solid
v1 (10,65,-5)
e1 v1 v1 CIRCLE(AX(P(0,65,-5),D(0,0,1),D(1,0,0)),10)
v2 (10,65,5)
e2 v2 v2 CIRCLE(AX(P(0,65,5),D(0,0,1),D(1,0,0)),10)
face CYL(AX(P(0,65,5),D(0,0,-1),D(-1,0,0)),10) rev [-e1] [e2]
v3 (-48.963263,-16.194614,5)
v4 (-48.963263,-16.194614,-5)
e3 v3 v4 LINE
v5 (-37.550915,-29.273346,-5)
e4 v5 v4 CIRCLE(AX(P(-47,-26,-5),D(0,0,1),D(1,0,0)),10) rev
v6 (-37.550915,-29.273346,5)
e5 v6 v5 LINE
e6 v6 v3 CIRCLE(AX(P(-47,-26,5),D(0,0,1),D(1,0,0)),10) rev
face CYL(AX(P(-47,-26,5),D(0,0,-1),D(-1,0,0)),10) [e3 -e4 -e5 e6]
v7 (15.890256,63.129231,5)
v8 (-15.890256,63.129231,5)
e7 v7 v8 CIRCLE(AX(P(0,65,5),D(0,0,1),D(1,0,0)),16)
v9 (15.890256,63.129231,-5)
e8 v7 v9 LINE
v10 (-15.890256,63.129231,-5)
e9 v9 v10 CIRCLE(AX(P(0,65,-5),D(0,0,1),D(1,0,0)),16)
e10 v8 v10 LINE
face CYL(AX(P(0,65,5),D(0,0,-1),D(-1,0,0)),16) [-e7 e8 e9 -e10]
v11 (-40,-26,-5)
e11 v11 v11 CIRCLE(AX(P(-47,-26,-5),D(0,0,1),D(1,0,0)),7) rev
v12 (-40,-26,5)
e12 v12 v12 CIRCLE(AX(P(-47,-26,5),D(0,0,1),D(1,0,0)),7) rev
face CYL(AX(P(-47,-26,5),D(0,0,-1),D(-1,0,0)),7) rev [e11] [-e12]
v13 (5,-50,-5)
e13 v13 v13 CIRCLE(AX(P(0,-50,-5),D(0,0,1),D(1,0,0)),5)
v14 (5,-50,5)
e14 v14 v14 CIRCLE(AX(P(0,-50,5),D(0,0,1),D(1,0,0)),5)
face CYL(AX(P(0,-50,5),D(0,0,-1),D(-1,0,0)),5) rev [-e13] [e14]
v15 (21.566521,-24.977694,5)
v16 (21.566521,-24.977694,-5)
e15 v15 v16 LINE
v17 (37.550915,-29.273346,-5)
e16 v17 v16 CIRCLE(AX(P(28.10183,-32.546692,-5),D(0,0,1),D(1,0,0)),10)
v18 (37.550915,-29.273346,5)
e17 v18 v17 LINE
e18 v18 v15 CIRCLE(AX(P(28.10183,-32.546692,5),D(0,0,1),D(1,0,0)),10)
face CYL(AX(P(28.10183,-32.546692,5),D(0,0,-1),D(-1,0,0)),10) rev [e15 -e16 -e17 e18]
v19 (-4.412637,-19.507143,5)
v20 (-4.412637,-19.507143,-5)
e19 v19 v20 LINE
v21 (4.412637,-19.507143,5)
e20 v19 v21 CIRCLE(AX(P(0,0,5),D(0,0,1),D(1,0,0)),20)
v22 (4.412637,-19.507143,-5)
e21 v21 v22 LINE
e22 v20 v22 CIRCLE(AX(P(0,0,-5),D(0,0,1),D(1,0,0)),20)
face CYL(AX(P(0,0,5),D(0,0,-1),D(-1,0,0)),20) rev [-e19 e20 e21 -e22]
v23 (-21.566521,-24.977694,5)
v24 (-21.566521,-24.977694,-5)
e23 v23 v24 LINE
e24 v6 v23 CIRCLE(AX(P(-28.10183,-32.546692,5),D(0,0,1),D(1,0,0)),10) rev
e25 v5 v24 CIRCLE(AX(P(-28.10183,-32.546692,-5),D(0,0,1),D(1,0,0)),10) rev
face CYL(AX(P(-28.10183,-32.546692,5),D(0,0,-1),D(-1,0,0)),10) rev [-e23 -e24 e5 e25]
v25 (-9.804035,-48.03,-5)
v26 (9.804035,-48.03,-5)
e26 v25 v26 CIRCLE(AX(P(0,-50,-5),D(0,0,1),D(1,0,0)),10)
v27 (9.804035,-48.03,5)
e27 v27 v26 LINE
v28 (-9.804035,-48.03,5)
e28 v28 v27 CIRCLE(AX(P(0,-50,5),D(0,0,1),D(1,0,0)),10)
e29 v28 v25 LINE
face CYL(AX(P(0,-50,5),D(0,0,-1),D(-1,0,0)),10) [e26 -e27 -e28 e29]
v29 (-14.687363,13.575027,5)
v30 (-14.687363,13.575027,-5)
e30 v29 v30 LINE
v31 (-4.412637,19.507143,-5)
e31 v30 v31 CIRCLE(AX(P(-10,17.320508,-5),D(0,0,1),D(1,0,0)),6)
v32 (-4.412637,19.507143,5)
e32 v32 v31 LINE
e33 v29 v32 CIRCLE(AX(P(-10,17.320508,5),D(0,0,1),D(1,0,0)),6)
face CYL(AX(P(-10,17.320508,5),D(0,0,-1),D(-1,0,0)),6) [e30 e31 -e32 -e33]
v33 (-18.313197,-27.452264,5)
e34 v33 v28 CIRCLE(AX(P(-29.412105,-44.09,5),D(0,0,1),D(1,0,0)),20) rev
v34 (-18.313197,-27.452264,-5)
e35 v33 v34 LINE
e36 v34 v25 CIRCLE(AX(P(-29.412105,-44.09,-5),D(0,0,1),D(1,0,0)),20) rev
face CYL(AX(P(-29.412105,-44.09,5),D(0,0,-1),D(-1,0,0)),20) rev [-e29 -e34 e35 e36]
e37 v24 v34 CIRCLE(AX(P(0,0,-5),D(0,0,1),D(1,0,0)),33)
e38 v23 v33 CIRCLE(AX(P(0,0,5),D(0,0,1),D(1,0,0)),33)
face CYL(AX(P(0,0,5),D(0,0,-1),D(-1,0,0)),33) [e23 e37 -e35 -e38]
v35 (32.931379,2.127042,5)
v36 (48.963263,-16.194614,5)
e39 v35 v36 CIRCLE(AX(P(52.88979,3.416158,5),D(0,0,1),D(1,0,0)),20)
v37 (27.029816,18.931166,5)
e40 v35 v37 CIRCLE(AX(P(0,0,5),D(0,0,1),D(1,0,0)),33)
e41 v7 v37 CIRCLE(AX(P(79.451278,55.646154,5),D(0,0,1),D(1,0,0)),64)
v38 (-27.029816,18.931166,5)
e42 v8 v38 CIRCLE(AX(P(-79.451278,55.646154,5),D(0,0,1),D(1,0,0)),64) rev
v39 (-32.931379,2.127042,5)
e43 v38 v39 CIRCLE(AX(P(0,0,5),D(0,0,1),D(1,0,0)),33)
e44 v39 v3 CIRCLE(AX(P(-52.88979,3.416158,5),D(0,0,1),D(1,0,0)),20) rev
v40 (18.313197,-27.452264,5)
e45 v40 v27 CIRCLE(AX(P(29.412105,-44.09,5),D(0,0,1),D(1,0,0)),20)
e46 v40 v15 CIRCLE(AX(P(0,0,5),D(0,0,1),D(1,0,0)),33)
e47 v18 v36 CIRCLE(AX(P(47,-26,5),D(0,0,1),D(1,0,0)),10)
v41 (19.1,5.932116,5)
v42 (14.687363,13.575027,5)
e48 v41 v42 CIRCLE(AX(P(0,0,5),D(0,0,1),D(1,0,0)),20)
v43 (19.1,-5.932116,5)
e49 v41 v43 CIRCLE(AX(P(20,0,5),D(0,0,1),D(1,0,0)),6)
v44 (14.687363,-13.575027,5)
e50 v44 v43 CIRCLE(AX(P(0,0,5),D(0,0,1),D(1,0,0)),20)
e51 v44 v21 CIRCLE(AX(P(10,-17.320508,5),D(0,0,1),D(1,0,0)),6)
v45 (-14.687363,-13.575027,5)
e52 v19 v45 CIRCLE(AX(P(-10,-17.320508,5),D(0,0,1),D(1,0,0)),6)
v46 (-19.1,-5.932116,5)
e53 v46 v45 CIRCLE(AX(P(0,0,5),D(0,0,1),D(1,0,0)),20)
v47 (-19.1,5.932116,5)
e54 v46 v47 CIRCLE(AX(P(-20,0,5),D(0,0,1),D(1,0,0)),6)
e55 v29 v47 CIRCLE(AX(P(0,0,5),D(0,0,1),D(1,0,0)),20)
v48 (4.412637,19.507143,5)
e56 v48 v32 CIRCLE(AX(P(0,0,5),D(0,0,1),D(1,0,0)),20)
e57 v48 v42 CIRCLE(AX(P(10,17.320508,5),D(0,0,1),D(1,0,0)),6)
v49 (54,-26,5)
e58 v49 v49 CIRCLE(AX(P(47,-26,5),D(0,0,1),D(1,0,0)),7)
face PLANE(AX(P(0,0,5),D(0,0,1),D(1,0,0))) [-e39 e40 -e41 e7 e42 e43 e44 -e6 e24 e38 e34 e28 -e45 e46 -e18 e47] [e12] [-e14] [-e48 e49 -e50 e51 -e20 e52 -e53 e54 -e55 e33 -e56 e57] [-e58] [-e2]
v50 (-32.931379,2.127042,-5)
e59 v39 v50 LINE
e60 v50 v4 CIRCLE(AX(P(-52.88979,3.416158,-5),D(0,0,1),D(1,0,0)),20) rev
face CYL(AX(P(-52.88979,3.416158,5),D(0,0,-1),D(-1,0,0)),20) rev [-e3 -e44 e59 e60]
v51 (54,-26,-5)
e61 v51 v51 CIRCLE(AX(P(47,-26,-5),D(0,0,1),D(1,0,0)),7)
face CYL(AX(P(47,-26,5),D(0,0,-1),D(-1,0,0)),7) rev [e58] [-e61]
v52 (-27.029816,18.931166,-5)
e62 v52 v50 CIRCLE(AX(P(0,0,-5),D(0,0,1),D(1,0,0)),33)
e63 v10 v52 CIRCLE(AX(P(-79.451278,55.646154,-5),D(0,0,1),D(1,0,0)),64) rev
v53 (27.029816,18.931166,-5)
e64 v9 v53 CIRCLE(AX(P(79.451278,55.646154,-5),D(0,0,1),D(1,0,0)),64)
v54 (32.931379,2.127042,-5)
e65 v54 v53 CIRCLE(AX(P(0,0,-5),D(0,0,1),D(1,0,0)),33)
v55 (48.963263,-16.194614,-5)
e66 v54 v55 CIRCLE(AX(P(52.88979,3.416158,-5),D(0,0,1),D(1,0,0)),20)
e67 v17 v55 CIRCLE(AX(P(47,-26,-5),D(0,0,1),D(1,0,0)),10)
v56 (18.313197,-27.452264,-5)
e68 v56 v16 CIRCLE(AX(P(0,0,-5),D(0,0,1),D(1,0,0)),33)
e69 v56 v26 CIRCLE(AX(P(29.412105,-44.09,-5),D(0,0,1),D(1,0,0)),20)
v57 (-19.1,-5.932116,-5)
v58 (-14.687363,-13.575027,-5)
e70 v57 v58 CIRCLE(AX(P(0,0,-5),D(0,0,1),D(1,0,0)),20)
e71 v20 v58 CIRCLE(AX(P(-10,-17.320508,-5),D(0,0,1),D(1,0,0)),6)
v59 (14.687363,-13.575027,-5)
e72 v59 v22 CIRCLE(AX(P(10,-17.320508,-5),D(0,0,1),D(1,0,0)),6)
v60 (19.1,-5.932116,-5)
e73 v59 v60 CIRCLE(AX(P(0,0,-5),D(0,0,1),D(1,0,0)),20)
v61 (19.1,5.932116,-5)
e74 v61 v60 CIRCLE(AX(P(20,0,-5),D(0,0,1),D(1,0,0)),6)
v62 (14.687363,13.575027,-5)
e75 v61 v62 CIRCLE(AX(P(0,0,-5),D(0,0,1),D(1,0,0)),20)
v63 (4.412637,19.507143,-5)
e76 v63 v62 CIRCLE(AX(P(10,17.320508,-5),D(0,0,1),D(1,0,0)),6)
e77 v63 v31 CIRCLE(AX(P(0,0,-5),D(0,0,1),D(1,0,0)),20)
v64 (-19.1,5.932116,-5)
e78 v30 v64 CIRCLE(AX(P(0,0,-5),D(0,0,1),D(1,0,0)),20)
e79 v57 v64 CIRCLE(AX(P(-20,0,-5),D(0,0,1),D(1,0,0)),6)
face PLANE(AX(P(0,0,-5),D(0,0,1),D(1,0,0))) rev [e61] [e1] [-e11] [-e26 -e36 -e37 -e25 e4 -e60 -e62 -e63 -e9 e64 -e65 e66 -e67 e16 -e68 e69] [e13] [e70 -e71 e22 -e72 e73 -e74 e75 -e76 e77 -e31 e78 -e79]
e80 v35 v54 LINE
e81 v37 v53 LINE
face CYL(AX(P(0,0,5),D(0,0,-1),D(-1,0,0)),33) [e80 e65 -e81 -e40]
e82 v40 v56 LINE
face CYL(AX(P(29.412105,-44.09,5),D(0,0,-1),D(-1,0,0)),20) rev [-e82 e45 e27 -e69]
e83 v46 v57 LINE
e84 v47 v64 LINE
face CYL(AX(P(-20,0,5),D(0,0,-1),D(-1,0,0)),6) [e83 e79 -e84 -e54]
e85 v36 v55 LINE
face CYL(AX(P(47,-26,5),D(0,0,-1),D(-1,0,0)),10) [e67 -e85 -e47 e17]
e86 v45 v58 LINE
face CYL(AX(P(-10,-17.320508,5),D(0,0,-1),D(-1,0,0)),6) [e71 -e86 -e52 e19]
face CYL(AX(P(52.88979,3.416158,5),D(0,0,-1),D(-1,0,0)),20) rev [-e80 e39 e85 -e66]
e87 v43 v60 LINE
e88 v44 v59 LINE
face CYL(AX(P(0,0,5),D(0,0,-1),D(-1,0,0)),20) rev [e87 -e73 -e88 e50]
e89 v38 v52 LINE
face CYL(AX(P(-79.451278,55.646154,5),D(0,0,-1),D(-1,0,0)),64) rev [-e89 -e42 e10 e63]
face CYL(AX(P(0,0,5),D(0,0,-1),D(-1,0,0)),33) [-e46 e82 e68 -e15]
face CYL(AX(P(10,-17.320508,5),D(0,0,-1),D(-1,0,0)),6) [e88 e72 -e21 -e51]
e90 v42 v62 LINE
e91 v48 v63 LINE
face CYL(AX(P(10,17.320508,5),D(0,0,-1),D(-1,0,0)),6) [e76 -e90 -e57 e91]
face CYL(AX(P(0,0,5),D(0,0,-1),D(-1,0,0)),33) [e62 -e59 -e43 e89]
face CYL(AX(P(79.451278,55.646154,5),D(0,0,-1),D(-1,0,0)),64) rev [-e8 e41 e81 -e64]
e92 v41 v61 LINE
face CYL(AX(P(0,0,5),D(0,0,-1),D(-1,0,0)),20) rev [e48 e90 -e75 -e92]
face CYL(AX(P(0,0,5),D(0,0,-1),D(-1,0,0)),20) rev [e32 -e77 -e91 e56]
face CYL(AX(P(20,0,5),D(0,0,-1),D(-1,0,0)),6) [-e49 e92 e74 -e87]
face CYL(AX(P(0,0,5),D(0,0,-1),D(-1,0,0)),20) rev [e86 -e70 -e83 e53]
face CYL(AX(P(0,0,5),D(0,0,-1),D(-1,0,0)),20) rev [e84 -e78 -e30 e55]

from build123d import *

# Parameters (mm, degrees)
SKETCH1_R           = 7
SKETCH1_R_2         = 5
SKETCH1_R_3         = 10
BOSS_EXTRUDE1_DEPTH = 5


with BuildPart() as part:
    # Sketch1 → Boss-Extrude1 (new, symmetric)
    with BuildSketch(Plane.XY):
        with BuildLine():
            ThreePointArc((27.029816197, 18.931165741), (17.392020832, 40.004906757), (15.890255583, 63.129230769))
            ThreePointArc((15.890255583, 63.129230769), (0, 81), (-15.890255583, 63.129230769))
            ThreePointArc((-15.890255583, 63.129230769), (-17.392020832, 40.004906757), (-27.029816197, 18.931165741))
            ThreePointArc((-27.029816197, 18.931165741), (-31.135684701, 10.934767406), (-32.931378534, 2.127042038))
            ThreePointArc((-32.931378534, 2.127042038), (-37.838433301, -9.754136505), (-48.963263256, -16.194613858))
            ThreePointArc((-48.963263256, -16.194613858), (-54.534765397, -32.574747935), (-37.550915036, -29.273345896))
            ThreePointArc((-37.550915036, -29.273345896), (-30.697148757, -22.889346352), (-21.566520754, -24.9776937))
            ThreePointArc((-21.566520754, -24.9776937), (-19.978209416, -26.265398313), (-18.313197236, -27.452264151))
            ThreePointArc((-18.313197236, -27.452264151), (-10.929939867, -36.447383635), (-9.804034884, -48.03))
            ThreePointArc((-9.804034884, -48.03), (0, -60), (9.804034884, -48.03))
            ThreePointArc((9.804034884, -48.03), (10.929939867, -36.447383635), (18.313197236, -27.452264151))
            ThreePointArc((18.313197236, -27.452264151), (19.978209416, -26.265398313), (21.566520754, -24.9776937))
            ThreePointArc((21.566520754, -24.9776937), (30.697148757, -22.889346352), (37.550915036, -29.273345896))
            ThreePointArc((37.550915036, -29.273345896), (54.534765397, -32.574747935), (48.963263256, -16.194613858))
            ThreePointArc((48.963263256, -16.194613858), (37.838433301, -9.754136505), (32.931378534, 2.127042038))
            ThreePointArc((32.931378534, 2.127042038), (31.135684701, 10.934767406), (27.029816197, 18.931165741))
        make_face()
        with Locations((-47, -26)):
            Circle(SKETCH1_R, mode=Mode.SUBTRACT)
        with BuildLine():
            ThreePointArc((-4.412636863, 19.507143202), (0, 20), (4.412636863, 19.507143202))
            ThreePointArc((4.412636863, 19.507143202), (7, 12.124355653), (14.687363137, 13.575027222))
            ThreePointArc((14.687363137, 13.575027222), (17.320508076, 10), (19.1, 5.93211598))
            ThreePointArc((19.1, 5.93211598), (14, 0), (19.1, -5.93211598))
            ThreePointArc((19.1, -5.93211598), (17.320508076, -10), (14.687363137, -13.575027222))
            ThreePointArc((14.687363137, -13.575027222), (7, -12.124355653), (4.412636863, -19.507143202))
            ThreePointArc((4.412636863, -19.507143202), (0, -20), (-4.412636863, -19.507143202))
            ThreePointArc((-4.412636863, -19.507143202), (-7, -12.124355653), (-14.687363137, -13.575027222))
            ThreePointArc((-14.687363137, -13.575027222), (-17.320508076, -10), (-19.1, -5.93211598))
            ThreePointArc((-19.1, -5.93211598), (-14, 0), (-19.1, 5.93211598))
            ThreePointArc((-19.1, 5.93211598), (-17.320508076, 10), (-14.687363137, 13.575027222))
            ThreePointArc((-14.687363137, 13.575027222), (-7, 12.124355653), (-4.412636863, 19.507143202))
        make_face(mode=Mode.SUBTRACT)
        with Locations((0, -50)):
            Circle(SKETCH1_R_2, mode=Mode.SUBTRACT)
        with Locations((47, -26)):
            Circle(SKETCH1_R, mode=Mode.SUBTRACT)
        with Locations((0, 65)):
            Circle(SKETCH1_R_3, mode=Mode.SUBTRACT)
    extrude(amount=BOSS_EXTRUDE1_DEPTH, both=True)


solid = part.part
